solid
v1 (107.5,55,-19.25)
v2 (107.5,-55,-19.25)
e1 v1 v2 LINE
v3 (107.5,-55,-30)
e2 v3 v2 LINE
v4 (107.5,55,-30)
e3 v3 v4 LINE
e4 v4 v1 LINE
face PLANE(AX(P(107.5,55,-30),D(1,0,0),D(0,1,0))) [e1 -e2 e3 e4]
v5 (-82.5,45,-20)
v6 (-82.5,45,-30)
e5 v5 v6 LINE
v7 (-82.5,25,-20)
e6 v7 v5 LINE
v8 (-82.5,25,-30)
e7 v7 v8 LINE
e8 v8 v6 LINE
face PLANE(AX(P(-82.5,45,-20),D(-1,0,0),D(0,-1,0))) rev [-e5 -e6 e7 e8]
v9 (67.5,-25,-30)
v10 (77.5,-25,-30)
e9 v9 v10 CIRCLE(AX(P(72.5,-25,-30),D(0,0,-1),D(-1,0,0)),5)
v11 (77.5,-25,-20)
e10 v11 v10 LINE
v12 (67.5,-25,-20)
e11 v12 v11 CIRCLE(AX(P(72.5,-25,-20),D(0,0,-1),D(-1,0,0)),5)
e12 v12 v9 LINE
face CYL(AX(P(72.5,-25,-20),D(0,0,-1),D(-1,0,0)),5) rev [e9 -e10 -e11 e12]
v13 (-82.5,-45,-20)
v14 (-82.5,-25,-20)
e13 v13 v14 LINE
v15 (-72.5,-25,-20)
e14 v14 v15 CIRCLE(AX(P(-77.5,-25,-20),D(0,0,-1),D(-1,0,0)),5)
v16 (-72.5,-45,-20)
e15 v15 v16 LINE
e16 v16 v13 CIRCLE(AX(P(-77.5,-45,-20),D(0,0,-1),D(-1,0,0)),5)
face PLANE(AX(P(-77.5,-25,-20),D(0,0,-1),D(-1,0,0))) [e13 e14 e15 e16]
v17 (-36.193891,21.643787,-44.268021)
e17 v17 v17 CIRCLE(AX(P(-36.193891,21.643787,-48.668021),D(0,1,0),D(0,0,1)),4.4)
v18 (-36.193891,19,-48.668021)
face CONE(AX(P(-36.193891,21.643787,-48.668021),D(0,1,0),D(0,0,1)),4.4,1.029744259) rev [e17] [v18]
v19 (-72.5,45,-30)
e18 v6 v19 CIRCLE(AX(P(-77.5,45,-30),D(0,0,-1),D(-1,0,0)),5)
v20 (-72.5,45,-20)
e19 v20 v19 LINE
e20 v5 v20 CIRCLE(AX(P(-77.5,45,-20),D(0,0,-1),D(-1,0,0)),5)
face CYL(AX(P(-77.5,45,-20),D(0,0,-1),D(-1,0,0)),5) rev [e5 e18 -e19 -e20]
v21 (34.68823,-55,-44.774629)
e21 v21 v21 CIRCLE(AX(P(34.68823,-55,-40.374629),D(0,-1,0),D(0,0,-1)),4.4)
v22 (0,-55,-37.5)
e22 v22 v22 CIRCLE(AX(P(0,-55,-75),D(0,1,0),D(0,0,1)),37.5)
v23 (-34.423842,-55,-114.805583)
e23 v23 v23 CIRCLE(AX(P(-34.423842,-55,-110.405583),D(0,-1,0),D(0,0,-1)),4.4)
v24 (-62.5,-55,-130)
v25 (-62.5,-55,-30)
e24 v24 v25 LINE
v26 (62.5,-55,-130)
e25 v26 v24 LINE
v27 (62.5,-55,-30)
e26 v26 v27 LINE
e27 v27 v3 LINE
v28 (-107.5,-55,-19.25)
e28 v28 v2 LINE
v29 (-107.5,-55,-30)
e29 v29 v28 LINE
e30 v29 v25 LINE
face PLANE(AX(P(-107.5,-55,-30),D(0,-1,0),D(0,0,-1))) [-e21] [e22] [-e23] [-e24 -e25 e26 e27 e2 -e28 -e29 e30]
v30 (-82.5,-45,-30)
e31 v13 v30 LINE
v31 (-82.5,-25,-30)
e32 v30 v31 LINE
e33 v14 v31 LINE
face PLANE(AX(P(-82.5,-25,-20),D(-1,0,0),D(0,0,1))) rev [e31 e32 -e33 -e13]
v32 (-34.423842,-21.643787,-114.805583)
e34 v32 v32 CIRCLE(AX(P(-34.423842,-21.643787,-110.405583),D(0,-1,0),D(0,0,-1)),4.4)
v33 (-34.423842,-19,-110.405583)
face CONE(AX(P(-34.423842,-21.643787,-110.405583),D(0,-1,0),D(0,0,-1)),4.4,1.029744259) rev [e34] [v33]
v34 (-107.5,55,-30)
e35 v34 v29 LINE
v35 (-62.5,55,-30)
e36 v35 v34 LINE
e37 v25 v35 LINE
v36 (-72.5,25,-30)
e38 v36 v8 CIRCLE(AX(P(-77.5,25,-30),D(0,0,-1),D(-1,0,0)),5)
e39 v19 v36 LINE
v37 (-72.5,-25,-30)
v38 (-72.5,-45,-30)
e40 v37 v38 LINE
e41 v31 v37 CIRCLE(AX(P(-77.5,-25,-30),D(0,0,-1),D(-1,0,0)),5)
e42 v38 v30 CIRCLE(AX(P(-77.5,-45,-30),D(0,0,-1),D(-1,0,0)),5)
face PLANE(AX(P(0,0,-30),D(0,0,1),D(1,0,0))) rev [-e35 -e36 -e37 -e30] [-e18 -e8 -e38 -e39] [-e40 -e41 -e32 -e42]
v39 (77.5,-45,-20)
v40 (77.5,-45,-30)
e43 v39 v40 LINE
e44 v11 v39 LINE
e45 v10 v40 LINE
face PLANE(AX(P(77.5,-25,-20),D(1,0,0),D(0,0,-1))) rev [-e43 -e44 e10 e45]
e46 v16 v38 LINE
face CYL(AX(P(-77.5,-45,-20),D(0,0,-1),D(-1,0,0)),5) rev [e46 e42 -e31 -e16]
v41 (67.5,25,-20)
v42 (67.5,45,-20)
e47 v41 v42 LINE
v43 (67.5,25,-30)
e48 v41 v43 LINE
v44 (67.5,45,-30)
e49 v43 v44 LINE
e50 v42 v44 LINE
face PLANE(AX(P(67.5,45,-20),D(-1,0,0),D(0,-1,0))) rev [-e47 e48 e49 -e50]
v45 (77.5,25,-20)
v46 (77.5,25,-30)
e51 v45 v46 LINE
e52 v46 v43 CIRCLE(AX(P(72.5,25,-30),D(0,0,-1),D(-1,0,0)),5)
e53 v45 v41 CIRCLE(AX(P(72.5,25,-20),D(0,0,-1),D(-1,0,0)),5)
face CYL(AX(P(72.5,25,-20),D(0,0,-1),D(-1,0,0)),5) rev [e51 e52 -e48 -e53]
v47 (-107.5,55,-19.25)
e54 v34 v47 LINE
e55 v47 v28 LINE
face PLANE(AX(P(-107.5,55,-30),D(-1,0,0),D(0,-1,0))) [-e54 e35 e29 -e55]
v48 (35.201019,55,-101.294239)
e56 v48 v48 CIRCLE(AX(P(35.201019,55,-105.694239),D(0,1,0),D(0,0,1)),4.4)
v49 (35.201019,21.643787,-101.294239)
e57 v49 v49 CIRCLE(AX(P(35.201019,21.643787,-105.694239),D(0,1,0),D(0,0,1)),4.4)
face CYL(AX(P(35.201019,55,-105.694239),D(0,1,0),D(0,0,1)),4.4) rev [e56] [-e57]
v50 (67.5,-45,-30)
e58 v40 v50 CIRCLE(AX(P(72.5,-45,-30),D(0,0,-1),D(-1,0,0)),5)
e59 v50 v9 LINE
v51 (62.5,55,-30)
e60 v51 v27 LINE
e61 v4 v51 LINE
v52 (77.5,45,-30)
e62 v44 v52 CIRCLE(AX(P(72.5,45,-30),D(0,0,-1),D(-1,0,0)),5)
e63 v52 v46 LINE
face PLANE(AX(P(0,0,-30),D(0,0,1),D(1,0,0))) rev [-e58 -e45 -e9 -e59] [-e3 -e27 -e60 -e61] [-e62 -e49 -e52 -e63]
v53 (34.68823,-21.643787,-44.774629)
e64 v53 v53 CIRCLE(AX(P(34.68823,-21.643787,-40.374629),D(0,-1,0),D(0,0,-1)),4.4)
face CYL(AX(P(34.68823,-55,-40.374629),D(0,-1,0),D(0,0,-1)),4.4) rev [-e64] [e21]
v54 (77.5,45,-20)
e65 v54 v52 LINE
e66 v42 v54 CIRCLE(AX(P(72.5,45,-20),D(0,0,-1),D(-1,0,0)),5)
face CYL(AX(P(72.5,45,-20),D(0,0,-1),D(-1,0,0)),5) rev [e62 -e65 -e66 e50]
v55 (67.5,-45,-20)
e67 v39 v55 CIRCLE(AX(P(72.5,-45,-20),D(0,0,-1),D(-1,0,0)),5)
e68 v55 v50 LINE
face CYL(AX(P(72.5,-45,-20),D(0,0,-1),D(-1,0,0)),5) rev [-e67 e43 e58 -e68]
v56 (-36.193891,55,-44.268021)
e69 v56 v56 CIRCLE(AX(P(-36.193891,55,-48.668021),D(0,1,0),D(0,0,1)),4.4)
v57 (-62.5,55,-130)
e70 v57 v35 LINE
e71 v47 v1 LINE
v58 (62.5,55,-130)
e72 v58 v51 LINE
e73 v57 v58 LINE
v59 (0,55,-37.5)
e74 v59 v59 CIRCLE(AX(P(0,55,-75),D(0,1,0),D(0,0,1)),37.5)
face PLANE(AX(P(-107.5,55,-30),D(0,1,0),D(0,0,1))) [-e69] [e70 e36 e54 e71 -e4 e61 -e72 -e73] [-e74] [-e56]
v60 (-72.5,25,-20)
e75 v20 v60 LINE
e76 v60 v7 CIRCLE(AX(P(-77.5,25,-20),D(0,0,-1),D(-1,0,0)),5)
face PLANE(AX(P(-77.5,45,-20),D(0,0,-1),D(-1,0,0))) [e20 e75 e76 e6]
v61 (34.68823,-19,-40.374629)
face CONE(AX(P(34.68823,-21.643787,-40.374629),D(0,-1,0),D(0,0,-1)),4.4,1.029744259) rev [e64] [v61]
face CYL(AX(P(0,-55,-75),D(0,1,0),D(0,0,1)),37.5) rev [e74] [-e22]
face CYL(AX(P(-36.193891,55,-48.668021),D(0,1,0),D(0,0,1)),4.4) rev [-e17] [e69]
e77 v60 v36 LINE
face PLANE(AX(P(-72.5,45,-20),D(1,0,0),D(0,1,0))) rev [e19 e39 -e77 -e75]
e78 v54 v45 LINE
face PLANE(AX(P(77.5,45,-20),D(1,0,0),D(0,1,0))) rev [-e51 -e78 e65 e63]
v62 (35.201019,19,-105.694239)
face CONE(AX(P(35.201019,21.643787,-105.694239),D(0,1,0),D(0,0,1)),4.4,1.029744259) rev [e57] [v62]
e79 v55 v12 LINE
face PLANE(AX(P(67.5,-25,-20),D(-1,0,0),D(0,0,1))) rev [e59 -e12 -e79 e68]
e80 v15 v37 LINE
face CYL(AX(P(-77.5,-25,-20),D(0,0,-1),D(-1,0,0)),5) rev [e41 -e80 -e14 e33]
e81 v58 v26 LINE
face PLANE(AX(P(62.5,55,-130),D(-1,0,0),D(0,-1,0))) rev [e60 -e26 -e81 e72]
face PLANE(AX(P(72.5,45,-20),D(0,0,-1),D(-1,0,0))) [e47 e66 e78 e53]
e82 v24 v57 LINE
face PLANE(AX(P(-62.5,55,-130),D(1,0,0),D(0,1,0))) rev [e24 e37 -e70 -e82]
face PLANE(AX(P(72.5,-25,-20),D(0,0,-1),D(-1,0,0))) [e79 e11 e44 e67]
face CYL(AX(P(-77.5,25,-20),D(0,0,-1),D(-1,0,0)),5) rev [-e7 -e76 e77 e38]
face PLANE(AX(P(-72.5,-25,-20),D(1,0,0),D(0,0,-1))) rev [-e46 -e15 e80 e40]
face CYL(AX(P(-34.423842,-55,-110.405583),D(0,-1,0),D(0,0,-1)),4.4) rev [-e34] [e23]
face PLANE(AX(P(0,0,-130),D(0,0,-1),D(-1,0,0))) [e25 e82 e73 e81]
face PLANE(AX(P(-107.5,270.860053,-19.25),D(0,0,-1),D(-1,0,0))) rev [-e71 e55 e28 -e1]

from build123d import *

# Parameters (mm, degrees)
SKETCH_2_W             = 215
SKETCH_2_H             = 110
EXTRUDE_1_DEPTH        = 30
SKETCH_3_W             = 125
SKETCH_3_H             = 110
EXTRUDE_2_DEPTH        = 100
SKETCH_4_R             = 37.5
CUT_EXTRUDE_1_DEPTH    = 202.385823731
M10X1_25_2_AT_2_COUNT  = 2
M10X1_25_2_AT_2_PITCH  = 91.374081536
PATTERN_LINEAR_1_COUNT = 2
PATTERN_LINEAR_1_PITCH = 110
CUT_EXTRUDE_9_DEPTH    = 10
M10X1_25_4_D           = 8.8
M10X1_25_4_DEPTH       = 33.356213276
M10X1_25_4_TIP         = 2.643786724
SKETCH_28_W            = 215
SKETCH_28_H            = 19.25
CUT_EXTRUDE_11_DEPTH   = 110


with BuildPart() as part:
    # 草图2 → 凸台-拉伸1 (new body)
    with BuildSketch(Plane.XY):
        Rectangle(SKETCH_2_W, SKETCH_2_H)
    extrude(amount=-EXTRUDE_1_DEPTH)

    # 草图3 → 凸台-拉伸2 (add)
    with BuildSketch(Plane(origin=(0, 0, -30), x_dir=(-1, 0, 0), z_dir=(0, 0, -1))):
        Rectangle(SKETCH_3_W, SKETCH_3_H)
    extrude(amount=EXTRUDE_2_DEPTH)

    # 草图4 → 切除-拉伸1 (cut, through all)
    with BuildSketch(Plane(origin=(0, 55, 0), x_dir=(1, 0, 0), z_dir=(0, 1, 0))):
        with Locations(Location((0, 75, 0), (0, 0, 270))):
            Circle(SKETCH_4_R)
    extrude(amount=-CUT_EXTRUDE_1_DEPTH, mode=Mode.SUBTRACT)

    # 草图9 → M10x1.25 螺纹孔2 (revolve, cut)
    with BuildSketch(Plane(origin=(-36.193891144, 55, -48.668021168), x_dir=(0, 0, 1), z_dir=(1, 0, 0))):
        Polygon((0, 0), (0, 36), (4.4, 33.356213276), (4.4, 0), align=None)
    m10x1_25_2 = revolve(axis=Axis((-36.193891144, 61.35, -48.668021168), (0, -1, 0)), mode=Mode.SUBTRACT)

    # M10x1.25 螺纹孔2 at 2: M10x1.25 螺纹孔2 ×2
    with Locations(*[Vector(0.7813475015769275, 0, -0.624096211957334) * (i * M10X1_25_2_AT_2_PITCH) for i in range(1, M10X1_25_2_AT_2_COUNT)]):
        add(m10x1_25_2, mode=Mode.SUBTRACT)

    # 阵列(线性)1: M10x1.25 螺纹孔2 ×2
    with Locations(*[(0, i * PATTERN_LINEAR_1_PITCH, 0) for i in range(1, PATTERN_LINEAR_1_COUNT)]):
        add(m10x1_25_2, mode=Mode.SUBTRACT)

    # 阵列(线性)1 copy 1 sketch → 阵列(线性)1 copy 1 (revolve, cut)
    with BuildSketch(Plane(origin=(35.201019173, 165, -105.694239325), x_dir=(0, 0, 1), z_dir=(1, 0, 0))):
        Polygon((0, 0), (0, 36), (4.4, 33.356213276), (4.4, 0), align=None)
    revolve(axis=Axis((35.201019173, 171.35, -105.694239325), (0, -1, 0)), mode=Mode.SUBTRACT)

    # 草图14 → 切除-拉伸9 (cut)
    with BuildSketch(Plane(origin=(0, 0, -30), x_dir=(-1, 0, 0), z_dir=(0, 0, -1))):
        with BuildLine():
            Line((82.5, 45), (82.5, 25))
            ThreePointArc((82.5, 25), (77.5, 20), (72.5, 25))
            Line((72.5, 25), (72.5, 45))
            ThreePointArc((72.5, 45), (77.5, 50), (82.5, 45))
        make_face()
        with BuildLine():
            Line((-67.5, 45), (-67.5, 25))
            ThreePointArc((-67.5, 25), (-72.5, 20), (-77.5, 25))
            Line((-77.5, 25), (-77.5, 45))
            ThreePointArc((-77.5, 45), (-72.5, 50), (-67.5, 45))
        make_face()
        with BuildLine():
            Line((82.5, -25), (82.5, -45))
            ThreePointArc((82.5, -45), (77.5, -50), (72.5, -45))
            Line((72.5, -45), (72.5, -25))
            ThreePointArc((72.5, -25), (77.5, -20), (82.5, -25))
        make_face()
        with BuildLine():
            Line((-67.5, -25), (-67.5, -45))
            ThreePointArc((-67.5, -45), (-72.5, -50), (-77.5, -45))
            Line((-77.5, -45), (-77.5, -25))
            ThreePointArc((-77.5, -25), (-72.5, -20), (-67.5, -25))
        make_face()
    extrude(amount=-CUT_EXTRUDE_9_DEPTH, mode=Mode.SUBTRACT)

    # M10x1.25 螺纹孔4
    with Locations(Plane(origin=(0, -55, 0), x_dir=(-1, 0, 0), z_dir=(0, -1, 0))):
        with Locations((-34.688229548, 40.374629495), (34.423841578, 110.405583489)):
            Hole(M10X1_25_4_D / 2, depth=M10X1_25_4_DEPTH)
            with Locations((0, 0, -(M10X1_25_4_DEPTH + M10X1_25_4_TIP / 2))):  # 118° drill point
                Cone(0, M10X1_25_4_D / 2, M10X1_25_4_TIP, mode=Mode.SUBTRACT)

    # 草图28 → 切除-拉伸11 (cut)
    with BuildSketch(Plane.XZ.offset(55)):
        with Locations((0, -9.625)):
            Rectangle(SKETCH_28_W, SKETCH_28_H)
    extrude(amount=-CUT_EXTRUDE_11_DEPTH, mode=Mode.SUBTRACT)


solid = part.part
